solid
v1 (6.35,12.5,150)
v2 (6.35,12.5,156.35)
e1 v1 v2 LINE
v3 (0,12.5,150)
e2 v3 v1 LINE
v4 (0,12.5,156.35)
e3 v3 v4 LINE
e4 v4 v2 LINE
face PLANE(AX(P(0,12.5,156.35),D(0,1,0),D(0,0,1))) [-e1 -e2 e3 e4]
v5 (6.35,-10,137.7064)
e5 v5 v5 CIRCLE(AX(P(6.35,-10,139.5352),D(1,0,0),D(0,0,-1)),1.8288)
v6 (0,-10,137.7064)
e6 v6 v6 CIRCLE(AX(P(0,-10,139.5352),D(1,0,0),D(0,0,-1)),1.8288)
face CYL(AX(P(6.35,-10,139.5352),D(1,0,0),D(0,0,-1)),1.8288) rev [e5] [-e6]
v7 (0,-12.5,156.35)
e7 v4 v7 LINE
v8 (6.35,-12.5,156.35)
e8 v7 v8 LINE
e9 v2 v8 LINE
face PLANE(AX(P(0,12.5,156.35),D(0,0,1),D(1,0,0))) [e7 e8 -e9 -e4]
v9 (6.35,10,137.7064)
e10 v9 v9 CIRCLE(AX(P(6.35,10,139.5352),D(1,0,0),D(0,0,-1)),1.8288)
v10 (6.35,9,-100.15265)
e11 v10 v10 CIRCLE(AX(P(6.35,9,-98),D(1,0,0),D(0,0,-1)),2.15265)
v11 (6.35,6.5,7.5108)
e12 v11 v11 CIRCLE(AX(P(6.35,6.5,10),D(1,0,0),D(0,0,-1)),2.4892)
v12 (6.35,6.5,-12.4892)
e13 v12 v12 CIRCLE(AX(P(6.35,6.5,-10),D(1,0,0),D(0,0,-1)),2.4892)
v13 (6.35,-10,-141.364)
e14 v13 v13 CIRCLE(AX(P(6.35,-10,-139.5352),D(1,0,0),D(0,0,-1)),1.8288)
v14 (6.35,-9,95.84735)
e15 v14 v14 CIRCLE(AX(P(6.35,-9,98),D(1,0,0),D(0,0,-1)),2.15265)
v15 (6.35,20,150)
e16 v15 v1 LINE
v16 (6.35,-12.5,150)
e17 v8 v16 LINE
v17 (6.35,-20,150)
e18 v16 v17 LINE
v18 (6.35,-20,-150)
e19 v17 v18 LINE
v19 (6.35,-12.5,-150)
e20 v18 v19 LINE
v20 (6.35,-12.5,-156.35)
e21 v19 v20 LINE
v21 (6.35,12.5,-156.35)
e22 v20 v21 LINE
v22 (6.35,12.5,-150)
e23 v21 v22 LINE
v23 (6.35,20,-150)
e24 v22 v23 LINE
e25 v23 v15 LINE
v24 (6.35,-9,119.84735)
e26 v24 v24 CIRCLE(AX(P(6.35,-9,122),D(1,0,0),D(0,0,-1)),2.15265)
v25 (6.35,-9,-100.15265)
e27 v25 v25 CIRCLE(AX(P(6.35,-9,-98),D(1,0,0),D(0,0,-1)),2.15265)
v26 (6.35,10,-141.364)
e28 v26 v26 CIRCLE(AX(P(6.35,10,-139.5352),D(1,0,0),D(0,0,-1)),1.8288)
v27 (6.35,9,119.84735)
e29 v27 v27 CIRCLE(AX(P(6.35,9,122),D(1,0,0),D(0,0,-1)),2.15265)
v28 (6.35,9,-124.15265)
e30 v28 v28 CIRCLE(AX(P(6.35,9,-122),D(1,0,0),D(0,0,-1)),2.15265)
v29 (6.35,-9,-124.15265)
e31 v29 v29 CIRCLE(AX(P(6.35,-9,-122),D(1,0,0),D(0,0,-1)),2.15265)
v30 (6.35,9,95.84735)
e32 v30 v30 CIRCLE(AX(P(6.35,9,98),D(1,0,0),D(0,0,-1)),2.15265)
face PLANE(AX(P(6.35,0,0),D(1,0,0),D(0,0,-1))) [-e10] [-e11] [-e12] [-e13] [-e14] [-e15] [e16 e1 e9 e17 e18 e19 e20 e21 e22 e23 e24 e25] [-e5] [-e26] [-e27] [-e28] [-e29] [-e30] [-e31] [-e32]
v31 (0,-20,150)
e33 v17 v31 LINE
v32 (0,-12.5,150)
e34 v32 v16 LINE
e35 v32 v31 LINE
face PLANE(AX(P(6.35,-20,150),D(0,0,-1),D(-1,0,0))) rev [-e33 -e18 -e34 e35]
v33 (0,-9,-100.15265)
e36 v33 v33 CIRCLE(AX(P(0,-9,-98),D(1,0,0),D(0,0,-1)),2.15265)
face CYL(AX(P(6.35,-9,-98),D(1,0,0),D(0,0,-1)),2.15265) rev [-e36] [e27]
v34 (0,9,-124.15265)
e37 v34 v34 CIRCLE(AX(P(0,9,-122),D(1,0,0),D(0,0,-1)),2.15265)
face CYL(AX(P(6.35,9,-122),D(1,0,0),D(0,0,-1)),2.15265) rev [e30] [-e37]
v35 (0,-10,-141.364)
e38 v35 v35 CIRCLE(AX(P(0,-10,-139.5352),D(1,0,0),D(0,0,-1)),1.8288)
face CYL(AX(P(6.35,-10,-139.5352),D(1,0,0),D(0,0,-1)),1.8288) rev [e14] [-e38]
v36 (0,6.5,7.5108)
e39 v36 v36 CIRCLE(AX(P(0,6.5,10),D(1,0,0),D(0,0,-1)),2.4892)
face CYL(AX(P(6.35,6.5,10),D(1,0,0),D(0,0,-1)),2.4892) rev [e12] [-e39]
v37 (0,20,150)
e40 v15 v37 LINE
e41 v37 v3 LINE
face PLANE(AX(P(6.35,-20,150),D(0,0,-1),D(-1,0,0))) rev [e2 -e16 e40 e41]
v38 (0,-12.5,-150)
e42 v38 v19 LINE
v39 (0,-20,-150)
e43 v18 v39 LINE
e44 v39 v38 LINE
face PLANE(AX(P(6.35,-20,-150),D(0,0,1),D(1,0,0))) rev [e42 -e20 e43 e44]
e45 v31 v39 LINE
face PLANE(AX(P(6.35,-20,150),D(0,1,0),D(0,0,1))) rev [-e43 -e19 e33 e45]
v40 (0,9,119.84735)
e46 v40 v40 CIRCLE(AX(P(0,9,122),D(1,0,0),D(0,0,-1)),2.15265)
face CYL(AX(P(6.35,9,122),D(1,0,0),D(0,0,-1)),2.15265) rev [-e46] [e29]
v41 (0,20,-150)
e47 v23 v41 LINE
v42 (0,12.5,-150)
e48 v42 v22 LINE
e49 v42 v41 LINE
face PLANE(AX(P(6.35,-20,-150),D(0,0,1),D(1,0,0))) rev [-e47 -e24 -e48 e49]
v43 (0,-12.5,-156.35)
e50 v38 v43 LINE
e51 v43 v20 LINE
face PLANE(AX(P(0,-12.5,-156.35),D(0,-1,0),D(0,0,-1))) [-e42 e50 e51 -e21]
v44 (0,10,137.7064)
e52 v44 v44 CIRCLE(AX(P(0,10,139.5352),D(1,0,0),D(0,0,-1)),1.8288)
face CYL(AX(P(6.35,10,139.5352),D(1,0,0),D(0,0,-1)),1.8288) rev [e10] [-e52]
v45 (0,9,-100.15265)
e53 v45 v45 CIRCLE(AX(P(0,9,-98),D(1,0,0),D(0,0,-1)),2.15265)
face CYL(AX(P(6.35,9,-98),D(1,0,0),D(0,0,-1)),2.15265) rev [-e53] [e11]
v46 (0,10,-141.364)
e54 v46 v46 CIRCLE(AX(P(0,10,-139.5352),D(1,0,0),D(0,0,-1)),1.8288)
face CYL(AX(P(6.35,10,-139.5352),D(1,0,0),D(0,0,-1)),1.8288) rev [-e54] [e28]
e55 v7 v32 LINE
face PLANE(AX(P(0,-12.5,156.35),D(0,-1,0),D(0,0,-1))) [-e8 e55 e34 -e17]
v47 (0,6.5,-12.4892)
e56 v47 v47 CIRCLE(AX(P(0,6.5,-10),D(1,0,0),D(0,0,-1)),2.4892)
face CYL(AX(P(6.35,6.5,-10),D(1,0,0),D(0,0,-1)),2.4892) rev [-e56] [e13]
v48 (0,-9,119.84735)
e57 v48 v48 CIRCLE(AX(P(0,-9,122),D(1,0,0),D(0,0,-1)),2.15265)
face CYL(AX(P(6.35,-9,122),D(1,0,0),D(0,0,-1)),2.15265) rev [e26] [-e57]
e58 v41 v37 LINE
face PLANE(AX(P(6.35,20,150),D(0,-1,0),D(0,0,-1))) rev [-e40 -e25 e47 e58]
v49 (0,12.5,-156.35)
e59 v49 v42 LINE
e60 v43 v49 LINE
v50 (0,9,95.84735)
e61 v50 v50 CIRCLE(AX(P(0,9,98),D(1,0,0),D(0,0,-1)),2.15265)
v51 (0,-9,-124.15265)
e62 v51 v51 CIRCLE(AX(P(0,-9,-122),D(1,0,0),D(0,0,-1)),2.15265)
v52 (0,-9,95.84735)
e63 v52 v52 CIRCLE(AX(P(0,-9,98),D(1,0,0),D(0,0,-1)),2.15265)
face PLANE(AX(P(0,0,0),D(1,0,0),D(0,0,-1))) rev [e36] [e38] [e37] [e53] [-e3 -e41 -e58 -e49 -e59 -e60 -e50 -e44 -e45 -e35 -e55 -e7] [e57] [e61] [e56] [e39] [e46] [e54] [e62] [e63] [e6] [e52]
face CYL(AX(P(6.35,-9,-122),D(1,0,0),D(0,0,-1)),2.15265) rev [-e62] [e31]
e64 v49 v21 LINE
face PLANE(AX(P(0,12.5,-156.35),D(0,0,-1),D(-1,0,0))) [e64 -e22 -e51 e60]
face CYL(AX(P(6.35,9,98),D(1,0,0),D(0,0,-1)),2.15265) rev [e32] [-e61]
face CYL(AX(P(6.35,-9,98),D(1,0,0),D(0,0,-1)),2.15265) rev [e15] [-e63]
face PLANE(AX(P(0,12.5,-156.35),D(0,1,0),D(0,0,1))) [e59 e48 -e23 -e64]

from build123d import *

# Parameters (mm, degrees)
SKETCH1_W              = 300
SKETCH1_H              = 40
BOSS_EXTRUDE1_DEPTH    = 6.35
SKETCH2_W              = 6.35
SKETCH2_H              = 25
BOSS_EXTRUDE2_DEPTH    = 6.35
F_10_CLEARANCE_HOLE1_D = 4.9784
F_8_CLEARANCE_HOLE1_D  = 4.3053
F_6_CLEARANCE_HOLE1_D  = 3.6576


with BuildPart() as part:
    # Sketch1 → Boss-Extrude1 (new body)
    with BuildSketch(Plane(origin=(0, 0, 0), x_dir=(0, 0, -1), z_dir=(1, 0, 0))):
        Rectangle(SKETCH1_W, SKETCH1_H)
    extrude(amount=BOSS_EXTRUDE1_DEPTH)

    # Sketch2 → Boss-Extrude2 (add)
    with BuildSketch(Plane(origin=(6.35, 0, 0), x_dir=(0, 0, -1), z_dir=(1, 0, 0))):
        with Locations((-153.175, 0)):
            Rectangle(SKETCH2_W, SKETCH2_H)
        with Locations((153.175, 0)):
            Rectangle(SKETCH2_W, SKETCH2_H)
    extrude(amount=-BOSS_EXTRUDE2_DEPTH)

    # #10 Clearance Hole1 (through all)
    with Locations(Plane(origin=(6.35, 0, 0), x_dir=(0, 0, -1), z_dir=(1, 0, 0))):
        with Locations((-10, 6.5), (10, 6.5)):
            Hole(F_10_CLEARANCE_HOLE1_D / 2)

    # #8 Clearance Hole1 (through all)
    with Locations(Plane(origin=(6.35, 0, 0), x_dir=(0, 0, -1), z_dir=(1, 0, 0))):
        with Locations((-122, 9), (-98, 9), (-98, -9), (-122, -9), (98, 9), (122, 9), (122, -9), (98, -9)):
            Hole(F_8_CLEARANCE_HOLE1_D / 2)

    # #6 Clearance Hole1 (through all)
    with Locations(Plane(origin=(6.35, 10, 139.5352), x_dir=(0, 0, 1), z_dir=(1, 0, 0))):
        with Locations((0, 0), (0, 20), (-279.0704, 0), (-279.0704, 20)):
            Hole(F_6_CLEARANCE_HOLE1_D / 2)


solid = part.part
